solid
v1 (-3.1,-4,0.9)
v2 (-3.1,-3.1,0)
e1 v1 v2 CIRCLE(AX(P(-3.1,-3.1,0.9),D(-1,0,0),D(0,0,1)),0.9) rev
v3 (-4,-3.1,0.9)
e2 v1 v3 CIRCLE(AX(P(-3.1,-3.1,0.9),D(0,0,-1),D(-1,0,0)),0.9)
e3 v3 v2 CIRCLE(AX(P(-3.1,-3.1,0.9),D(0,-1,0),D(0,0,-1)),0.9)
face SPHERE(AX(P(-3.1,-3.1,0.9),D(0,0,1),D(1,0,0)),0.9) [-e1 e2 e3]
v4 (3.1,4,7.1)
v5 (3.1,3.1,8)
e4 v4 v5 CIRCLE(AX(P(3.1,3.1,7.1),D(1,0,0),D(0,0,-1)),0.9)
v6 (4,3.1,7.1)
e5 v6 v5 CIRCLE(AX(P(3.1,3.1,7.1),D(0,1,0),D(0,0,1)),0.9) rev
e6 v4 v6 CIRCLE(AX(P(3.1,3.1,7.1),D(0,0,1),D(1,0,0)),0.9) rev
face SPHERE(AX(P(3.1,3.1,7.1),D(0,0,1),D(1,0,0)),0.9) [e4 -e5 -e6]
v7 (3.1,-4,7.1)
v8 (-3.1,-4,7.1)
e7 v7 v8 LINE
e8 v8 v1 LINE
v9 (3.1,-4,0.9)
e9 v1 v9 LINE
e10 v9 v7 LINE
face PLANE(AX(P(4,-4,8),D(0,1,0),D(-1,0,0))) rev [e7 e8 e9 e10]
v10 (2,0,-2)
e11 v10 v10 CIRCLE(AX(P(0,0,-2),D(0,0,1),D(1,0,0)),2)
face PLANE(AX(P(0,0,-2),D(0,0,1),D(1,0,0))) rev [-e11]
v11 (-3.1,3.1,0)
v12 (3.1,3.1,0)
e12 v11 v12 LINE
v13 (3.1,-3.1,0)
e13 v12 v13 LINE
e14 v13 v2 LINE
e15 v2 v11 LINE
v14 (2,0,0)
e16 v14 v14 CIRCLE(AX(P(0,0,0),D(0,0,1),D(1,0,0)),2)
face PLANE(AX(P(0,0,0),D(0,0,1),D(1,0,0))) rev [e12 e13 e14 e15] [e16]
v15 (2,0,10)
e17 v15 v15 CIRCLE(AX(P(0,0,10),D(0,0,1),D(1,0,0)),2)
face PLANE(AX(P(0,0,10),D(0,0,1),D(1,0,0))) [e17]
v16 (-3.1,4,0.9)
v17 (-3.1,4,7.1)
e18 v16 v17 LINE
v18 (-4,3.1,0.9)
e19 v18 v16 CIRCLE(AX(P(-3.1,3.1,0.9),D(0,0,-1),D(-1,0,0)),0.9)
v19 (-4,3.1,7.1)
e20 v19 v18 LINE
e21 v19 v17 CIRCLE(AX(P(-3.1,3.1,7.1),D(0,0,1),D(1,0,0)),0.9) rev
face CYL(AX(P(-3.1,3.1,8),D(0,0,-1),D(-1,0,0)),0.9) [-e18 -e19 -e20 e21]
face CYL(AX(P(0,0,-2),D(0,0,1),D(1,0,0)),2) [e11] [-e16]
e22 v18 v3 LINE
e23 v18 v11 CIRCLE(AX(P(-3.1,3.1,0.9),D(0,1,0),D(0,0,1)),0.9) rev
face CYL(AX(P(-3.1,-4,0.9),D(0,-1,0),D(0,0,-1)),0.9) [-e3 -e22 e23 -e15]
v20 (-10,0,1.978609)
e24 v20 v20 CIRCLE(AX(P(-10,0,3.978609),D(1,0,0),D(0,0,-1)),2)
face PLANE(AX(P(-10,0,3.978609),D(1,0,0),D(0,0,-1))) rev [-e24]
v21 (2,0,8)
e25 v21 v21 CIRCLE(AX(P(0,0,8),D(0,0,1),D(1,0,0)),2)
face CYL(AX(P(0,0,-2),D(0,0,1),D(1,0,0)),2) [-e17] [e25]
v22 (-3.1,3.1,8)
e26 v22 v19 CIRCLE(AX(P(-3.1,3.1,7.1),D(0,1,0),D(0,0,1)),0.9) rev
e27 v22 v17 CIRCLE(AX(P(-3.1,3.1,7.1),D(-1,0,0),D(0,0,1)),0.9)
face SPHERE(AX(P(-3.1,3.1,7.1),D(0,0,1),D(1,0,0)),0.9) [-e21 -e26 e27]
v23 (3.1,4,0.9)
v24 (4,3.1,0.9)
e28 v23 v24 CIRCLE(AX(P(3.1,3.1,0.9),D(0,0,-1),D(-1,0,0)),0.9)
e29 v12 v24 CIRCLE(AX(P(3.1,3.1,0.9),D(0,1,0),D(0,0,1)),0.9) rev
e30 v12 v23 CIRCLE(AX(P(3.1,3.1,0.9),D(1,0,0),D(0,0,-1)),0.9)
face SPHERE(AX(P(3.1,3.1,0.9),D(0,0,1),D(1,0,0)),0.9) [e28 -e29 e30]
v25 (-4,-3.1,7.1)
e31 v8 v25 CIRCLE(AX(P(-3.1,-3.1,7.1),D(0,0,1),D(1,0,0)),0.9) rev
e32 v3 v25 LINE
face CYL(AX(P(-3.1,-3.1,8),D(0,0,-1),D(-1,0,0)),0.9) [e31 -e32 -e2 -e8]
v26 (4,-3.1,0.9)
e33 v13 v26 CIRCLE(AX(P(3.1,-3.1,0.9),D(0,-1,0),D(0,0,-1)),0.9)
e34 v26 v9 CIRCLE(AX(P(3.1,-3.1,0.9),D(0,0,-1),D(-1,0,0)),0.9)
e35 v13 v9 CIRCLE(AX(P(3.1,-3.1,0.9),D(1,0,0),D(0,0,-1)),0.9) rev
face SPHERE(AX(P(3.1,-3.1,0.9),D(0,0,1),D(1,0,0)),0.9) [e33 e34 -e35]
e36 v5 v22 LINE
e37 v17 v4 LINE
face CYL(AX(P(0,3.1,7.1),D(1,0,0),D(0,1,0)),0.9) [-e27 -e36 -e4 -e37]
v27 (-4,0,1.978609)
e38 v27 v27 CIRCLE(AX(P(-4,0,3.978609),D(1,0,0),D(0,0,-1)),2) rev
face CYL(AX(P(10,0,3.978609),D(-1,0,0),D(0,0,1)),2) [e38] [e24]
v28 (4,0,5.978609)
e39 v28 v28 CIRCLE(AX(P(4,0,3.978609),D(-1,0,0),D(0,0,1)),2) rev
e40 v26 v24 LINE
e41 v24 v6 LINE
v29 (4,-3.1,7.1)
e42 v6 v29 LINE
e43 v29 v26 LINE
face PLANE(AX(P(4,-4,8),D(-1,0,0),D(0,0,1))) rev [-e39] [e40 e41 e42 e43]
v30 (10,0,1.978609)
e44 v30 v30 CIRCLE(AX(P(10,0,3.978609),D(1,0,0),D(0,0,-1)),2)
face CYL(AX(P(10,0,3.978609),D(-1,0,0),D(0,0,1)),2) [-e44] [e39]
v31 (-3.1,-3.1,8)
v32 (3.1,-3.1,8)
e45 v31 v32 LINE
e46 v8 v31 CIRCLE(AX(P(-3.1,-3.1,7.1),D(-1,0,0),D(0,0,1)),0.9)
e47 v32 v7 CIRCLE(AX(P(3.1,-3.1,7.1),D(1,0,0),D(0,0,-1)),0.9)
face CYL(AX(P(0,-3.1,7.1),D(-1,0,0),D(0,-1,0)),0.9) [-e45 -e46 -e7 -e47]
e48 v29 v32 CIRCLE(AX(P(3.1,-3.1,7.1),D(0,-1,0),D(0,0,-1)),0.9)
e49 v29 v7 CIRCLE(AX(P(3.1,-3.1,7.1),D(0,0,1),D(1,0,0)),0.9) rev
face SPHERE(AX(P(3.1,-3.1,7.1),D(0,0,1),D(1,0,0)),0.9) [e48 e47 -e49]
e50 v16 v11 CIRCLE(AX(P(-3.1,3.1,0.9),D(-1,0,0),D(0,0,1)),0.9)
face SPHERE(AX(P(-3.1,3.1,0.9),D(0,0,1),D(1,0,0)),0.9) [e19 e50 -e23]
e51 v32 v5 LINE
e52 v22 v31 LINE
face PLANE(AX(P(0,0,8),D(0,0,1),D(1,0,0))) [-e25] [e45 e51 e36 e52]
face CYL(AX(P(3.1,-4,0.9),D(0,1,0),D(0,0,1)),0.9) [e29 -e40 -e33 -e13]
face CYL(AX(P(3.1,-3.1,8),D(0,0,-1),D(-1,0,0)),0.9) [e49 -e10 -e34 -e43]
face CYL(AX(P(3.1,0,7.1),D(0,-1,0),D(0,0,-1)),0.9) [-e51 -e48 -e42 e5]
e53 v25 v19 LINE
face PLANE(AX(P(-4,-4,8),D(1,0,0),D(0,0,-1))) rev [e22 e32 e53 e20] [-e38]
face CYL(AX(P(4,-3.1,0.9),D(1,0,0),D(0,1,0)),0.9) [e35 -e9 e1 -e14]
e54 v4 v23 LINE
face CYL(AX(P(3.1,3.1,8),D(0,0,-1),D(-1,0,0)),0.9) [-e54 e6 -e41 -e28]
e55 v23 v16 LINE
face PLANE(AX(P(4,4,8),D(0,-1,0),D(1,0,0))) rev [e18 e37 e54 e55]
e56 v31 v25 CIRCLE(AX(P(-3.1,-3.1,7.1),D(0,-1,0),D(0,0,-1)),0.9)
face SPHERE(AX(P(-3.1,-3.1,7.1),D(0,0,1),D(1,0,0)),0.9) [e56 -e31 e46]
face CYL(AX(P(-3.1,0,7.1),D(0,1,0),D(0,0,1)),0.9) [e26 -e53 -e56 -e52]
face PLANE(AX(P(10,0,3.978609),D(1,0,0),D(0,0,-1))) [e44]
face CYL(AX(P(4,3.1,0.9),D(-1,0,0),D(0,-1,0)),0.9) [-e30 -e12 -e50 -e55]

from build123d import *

# Parameters (mm, degrees)
SKETCH1_W                = 8
SKETCH1_H                = 8
BOSS_EXTRUDE1_DEPTH      = 8
FILLET1_R                = 0.9
BOSS_EXTRUDE2_DEPTH      = 2
BOSS_EXTRUDE2_DEPTH_BACK = 10
SKETCH2_R                = 2
SKETCH4_R                = 2
BOSS_EXTRUDE6_DEPTH      = 10


with BuildPart() as part:
    # Sketch1 → Boss-Extrude1 (new body)
    with BuildSketch(Plane.XY):
        Rectangle(SKETCH1_W, SKETCH1_H)
    extrude(amount=BOSS_EXTRUDE1_DEPTH)

    # Fillet1
    fillet1_edges = [part.edges().sort_by_distance(p)[0] for p in [
        (4, 0, 8),
        (0, 4, 8),
        (-4, 0, 8),
        (0, 4, 0),
        (4, 0, 0),
        (0, -4, 0),
        (-4, 0, 0),
        (0, -4, 8),
        (-4, 4, 4),
        (4, 4, 4),
        (4, -4, 4),
        (-4, -4, 4),
    ]]
    fillet(fillet1_edges, radius=FILLET1_R)

    # Sketch2 → Boss-Extrude2 (add, two sides: drawn at the far end of the back side and taken through both)
    with BuildSketch(Plane.XY.offset(8).offset(-BOSS_EXTRUDE2_DEPTH_BACK)):
        Circle(SKETCH2_R)
    extrude(amount=BOSS_EXTRUDE2_DEPTH + BOSS_EXTRUDE2_DEPTH_BACK)

    # Sketch4 → Boss-Extrude6 (add, symmetric)
    with BuildSketch(Plane(origin=(0, 0, 0), x_dir=(0, 0, -1), z_dir=(1, 0, 0))):
        with Locations(Location((-3.978609227, 0, 0), (0, 0, 180))):
            Circle(SKETCH4_R)
    extrude(amount=BOSS_EXTRUDE6_DEPTH, both=True)


solid = part.part
